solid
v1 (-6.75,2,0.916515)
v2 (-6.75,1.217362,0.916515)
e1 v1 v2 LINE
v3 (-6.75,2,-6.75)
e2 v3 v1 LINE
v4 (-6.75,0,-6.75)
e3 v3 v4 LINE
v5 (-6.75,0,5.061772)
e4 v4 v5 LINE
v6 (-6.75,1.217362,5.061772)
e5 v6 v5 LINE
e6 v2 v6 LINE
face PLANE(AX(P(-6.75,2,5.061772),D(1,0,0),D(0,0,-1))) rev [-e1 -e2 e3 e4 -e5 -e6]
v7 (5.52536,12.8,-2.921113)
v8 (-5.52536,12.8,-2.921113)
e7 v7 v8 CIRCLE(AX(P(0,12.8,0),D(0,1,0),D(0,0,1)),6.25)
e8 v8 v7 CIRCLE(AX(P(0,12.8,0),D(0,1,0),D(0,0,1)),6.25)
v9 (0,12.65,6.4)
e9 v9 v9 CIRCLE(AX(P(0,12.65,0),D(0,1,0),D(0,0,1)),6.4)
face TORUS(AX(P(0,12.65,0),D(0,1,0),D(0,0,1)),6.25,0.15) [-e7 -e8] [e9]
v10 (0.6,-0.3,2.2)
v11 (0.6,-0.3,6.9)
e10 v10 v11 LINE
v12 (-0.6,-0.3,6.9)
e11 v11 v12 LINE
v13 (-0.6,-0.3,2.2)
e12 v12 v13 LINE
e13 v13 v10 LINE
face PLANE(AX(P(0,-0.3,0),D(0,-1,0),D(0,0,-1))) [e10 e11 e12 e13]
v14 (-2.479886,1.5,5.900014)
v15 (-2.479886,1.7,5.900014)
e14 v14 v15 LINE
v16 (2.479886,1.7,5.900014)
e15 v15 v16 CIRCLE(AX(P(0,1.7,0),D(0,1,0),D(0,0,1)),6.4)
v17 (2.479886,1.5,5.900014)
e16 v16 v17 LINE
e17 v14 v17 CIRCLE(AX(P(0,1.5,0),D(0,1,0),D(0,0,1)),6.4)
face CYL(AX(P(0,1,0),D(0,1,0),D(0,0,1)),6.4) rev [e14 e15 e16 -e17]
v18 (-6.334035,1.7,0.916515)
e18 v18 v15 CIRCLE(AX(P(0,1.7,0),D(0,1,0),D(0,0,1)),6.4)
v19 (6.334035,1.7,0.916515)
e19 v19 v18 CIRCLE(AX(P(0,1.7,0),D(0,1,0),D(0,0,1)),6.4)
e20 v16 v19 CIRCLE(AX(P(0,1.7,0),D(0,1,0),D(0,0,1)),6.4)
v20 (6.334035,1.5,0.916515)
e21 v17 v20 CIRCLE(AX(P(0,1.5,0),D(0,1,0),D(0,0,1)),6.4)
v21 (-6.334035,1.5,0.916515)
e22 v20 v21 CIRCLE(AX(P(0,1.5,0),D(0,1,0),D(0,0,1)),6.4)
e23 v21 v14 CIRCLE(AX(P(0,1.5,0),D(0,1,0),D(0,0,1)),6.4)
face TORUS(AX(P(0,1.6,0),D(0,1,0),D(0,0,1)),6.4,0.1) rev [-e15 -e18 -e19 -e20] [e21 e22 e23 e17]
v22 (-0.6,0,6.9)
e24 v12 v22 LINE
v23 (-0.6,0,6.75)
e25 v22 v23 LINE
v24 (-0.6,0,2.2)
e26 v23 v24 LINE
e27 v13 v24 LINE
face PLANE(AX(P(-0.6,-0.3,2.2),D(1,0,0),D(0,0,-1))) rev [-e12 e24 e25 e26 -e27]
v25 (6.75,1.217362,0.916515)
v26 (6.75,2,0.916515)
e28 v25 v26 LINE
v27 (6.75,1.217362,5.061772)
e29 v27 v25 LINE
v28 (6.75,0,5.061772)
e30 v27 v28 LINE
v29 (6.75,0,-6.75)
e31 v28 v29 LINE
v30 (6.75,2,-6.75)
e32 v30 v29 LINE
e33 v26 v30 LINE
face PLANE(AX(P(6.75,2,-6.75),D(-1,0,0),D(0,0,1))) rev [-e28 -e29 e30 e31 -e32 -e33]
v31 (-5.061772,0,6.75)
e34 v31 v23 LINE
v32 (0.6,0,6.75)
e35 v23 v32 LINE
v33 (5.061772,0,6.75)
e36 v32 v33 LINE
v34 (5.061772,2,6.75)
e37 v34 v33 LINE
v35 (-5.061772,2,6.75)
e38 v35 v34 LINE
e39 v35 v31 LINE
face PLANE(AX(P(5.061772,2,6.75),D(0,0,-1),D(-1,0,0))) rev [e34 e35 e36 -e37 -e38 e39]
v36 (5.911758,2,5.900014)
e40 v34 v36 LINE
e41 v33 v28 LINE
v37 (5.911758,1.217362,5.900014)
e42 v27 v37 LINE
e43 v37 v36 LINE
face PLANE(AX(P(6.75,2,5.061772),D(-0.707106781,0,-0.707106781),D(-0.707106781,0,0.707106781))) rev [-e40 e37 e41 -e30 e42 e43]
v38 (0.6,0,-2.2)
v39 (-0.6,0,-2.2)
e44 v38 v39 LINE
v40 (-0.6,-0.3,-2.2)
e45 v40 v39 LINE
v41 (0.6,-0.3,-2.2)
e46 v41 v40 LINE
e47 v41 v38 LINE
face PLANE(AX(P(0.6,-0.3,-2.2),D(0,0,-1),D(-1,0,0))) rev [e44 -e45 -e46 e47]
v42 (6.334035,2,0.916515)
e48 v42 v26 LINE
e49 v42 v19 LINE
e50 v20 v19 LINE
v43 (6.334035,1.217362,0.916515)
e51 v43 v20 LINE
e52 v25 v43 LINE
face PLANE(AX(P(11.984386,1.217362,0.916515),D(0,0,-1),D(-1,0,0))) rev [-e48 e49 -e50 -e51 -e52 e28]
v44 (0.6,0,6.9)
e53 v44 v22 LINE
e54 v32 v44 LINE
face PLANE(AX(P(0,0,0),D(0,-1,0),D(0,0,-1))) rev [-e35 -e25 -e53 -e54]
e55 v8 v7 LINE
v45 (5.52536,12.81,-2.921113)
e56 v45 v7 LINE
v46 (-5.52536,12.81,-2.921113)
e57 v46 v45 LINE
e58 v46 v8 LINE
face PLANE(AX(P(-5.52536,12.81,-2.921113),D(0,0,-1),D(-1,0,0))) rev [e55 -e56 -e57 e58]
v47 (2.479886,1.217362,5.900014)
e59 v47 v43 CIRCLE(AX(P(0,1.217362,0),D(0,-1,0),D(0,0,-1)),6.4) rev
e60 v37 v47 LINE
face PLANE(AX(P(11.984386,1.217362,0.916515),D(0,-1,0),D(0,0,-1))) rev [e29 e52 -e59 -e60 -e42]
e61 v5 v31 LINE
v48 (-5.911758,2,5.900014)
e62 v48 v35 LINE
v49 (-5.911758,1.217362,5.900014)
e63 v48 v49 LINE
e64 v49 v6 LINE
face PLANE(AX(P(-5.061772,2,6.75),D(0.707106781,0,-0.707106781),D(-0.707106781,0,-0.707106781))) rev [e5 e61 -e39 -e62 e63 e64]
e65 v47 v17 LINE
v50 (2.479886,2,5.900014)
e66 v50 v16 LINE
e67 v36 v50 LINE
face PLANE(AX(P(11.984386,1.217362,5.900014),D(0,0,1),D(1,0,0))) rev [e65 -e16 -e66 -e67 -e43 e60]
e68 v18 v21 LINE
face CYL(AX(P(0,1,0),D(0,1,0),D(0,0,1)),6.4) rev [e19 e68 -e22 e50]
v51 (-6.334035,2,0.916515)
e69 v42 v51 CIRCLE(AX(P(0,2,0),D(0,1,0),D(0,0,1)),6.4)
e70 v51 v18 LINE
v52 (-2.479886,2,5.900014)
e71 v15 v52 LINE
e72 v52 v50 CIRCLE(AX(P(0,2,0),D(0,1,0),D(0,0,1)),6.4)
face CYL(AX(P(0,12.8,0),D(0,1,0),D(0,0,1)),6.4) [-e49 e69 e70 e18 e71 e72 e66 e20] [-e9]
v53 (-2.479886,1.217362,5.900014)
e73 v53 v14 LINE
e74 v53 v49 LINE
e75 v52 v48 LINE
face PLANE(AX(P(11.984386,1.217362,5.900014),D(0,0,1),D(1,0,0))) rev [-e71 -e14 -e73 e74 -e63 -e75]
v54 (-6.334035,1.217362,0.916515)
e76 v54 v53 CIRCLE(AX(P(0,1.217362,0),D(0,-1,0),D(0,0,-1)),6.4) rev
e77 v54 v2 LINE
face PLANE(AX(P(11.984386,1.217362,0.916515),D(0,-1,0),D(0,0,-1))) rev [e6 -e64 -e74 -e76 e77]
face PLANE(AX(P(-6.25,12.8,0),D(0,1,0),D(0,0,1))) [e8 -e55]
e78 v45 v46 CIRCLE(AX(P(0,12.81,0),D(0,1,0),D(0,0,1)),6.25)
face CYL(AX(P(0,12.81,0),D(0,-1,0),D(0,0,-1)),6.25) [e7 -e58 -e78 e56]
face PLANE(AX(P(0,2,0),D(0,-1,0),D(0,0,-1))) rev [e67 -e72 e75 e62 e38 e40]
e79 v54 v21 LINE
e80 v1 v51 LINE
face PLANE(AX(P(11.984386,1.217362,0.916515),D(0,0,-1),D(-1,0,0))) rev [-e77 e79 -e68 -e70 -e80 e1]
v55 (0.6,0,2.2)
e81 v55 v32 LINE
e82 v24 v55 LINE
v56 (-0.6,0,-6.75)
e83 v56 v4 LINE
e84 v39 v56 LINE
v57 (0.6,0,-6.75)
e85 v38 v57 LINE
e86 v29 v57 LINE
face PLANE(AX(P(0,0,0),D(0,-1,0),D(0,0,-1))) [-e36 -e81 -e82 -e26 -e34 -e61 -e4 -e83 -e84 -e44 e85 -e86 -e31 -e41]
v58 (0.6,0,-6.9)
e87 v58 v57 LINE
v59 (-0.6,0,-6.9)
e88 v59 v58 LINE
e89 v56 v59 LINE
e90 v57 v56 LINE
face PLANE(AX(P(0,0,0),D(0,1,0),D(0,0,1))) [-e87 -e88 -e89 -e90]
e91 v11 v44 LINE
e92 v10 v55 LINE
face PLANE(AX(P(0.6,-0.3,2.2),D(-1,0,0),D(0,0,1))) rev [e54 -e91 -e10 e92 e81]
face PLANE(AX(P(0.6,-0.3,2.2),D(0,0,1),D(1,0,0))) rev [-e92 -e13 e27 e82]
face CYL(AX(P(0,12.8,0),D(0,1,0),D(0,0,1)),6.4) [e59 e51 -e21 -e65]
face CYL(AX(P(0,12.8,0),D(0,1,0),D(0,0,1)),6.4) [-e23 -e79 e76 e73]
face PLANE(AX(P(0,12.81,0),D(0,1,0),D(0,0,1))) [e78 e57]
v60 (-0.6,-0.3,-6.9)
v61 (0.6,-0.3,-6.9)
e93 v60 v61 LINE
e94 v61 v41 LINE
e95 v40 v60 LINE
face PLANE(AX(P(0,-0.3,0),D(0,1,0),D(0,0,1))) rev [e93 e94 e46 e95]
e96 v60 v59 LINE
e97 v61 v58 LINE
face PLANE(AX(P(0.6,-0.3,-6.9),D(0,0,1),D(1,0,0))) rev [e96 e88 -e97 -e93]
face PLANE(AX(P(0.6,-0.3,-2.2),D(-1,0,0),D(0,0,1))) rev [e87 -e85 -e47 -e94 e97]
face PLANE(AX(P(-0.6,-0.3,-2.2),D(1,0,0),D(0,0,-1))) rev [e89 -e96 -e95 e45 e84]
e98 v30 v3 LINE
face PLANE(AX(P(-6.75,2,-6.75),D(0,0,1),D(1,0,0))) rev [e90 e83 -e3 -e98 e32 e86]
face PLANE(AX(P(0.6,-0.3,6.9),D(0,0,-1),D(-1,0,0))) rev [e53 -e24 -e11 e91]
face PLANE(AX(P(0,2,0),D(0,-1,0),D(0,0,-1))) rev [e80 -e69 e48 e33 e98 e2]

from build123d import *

# Parameters (mm, degrees)
BOSS_EXTRUDE1_DEPTH = 2
SKETCH2_R           = 6.4
CUT_EXTRUDE1_DEPTH  = 1
CUT_EXTRUDE4_REACH  = 17.225
SKETCH8_W           = 4.983499023
SKETCH8_H           = 1.601104922
BOSS_EXTRUDE4_DEPTH = 0.01
SKETCH9_W           = 1.2
SKETCH9_H           = 4.7
BOSS_EXTRUDE5_DEPTH = 0.3


with BuildPart() as part:
    # Sketch1 → Boss-Extrude1 (new body)
    with BuildSketch(Plane(origin=(0, 0, 0), x_dir=(1, 0, 0), z_dir=(0, 1, 0))):
        Polygon((-6.75, 6.75), (6.75, 6.75), (6.75, -5.061772225), (5.061772225, -6.75), (-5.061772225, -6.75), (-6.75, -5.061772225), align=None)
    extrude(amount=BOSS_EXTRUDE1_DEPTH)

    # Sketch2 → Cut-Extrude1 (cut)
    with BuildSketch(Plane(origin=(0, 2, 0), x_dir=(1, 0, 0), z_dir=(0, 1, 0))):
        with Locations(Location((0, 0, 0), (0, 0, 270))):
            Circle(SKETCH2_R)
    extrude(amount=-CUT_EXTRUDE1_DEPTH, mode=Mode.SUBTRACT)

    # Cut-Extrude4: up to this face of the body (flat: up to its plane)
    cut_extrude4_end = Plane(part.part.faces().sort_by_distance((6.75, 1, -0.844113887))[0])
    # Sketch8 → Cut-Extrude4 (cut, up to the picked face)
    with BuildSketch(Plane.ZY.offset(6.75), mode=Mode.PRIVATE) as cut_extrude4_sk1:
        with Locations((3.408264651, 2.017914887)):
            Rectangle(SKETCH8_W, SKETCH8_H)
    cut_extrude4_tool1 = split(extrude(cut_extrude4_sk1.sketch, amount=-CUT_EXTRUDE4_REACH, mode=Mode.PRIVATE), bisect_by=cut_extrude4_end, keep=Keep.BOTH, mode=Mode.PRIVATE)
    add(cut_extrude4_tool1.solids().sort_by(Axis((-6.75, 2.017915, 3.408265), (1, 0, 0)))[0], mode=Mode.SUBTRACT)

    # Sketch5 → Revolve1 (revolve)
    with BuildSketch(Plane.XY, mode=Mode.PRIVATE) as revolve1_sk:
        with BuildLine():
            Line((0, 0), (-6.4, 0))
            Line((-6.4, 0), (-6.4, 1.5))
            ThreePointArc((-6.4, 1.5), (-6.3, 1.6), (-6.4, 1.7))
            Line((-6.4, 1.7), (-6.4, 12.65))
            ThreePointArc((-6.4, 12.65), (-6.356066017, 12.756066017), (-6.25, 12.8))
            Line((-6.25, 12.8), (0, 12.8))
            Line((0, 12.8), (0, 0))
        make_face()
    revolve(revolve1_sk.sketch.rotate(Axis((0, 12.8, 0), (0, -1, 0)), 270), axis=Axis((0, 12.8, 0), (0, -1, 0)))

    # Sketch6 → Boss-Extrude4 (add)
    with BuildSketch(Plane(origin=(0, 12.8, 0), x_dir=(1, 0, 0), z_dir=(0, 1, 0))):
        with BuildLine():
            Line((-5.525359589, 2.921113044), (5.525359589, 2.921113044))
            ThreePointArc((5.525359589, 2.921113044), (0, 6.25), (-5.525359589, 2.921113044))
        make_face()
    extrude(amount=BOSS_EXTRUDE4_DEPTH)

    # Sketch9 → Boss-Extrude5 (add)
    with BuildSketch(Plane.XZ):
        with Locations((0, -4.55)):
            Rectangle(SKETCH9_W, SKETCH9_H)
        with Locations((0, 4.55)):
            Rectangle(SKETCH9_W, SKETCH9_H)
    extrude(amount=BOSS_EXTRUDE5_DEPTH)


solid = part.part
